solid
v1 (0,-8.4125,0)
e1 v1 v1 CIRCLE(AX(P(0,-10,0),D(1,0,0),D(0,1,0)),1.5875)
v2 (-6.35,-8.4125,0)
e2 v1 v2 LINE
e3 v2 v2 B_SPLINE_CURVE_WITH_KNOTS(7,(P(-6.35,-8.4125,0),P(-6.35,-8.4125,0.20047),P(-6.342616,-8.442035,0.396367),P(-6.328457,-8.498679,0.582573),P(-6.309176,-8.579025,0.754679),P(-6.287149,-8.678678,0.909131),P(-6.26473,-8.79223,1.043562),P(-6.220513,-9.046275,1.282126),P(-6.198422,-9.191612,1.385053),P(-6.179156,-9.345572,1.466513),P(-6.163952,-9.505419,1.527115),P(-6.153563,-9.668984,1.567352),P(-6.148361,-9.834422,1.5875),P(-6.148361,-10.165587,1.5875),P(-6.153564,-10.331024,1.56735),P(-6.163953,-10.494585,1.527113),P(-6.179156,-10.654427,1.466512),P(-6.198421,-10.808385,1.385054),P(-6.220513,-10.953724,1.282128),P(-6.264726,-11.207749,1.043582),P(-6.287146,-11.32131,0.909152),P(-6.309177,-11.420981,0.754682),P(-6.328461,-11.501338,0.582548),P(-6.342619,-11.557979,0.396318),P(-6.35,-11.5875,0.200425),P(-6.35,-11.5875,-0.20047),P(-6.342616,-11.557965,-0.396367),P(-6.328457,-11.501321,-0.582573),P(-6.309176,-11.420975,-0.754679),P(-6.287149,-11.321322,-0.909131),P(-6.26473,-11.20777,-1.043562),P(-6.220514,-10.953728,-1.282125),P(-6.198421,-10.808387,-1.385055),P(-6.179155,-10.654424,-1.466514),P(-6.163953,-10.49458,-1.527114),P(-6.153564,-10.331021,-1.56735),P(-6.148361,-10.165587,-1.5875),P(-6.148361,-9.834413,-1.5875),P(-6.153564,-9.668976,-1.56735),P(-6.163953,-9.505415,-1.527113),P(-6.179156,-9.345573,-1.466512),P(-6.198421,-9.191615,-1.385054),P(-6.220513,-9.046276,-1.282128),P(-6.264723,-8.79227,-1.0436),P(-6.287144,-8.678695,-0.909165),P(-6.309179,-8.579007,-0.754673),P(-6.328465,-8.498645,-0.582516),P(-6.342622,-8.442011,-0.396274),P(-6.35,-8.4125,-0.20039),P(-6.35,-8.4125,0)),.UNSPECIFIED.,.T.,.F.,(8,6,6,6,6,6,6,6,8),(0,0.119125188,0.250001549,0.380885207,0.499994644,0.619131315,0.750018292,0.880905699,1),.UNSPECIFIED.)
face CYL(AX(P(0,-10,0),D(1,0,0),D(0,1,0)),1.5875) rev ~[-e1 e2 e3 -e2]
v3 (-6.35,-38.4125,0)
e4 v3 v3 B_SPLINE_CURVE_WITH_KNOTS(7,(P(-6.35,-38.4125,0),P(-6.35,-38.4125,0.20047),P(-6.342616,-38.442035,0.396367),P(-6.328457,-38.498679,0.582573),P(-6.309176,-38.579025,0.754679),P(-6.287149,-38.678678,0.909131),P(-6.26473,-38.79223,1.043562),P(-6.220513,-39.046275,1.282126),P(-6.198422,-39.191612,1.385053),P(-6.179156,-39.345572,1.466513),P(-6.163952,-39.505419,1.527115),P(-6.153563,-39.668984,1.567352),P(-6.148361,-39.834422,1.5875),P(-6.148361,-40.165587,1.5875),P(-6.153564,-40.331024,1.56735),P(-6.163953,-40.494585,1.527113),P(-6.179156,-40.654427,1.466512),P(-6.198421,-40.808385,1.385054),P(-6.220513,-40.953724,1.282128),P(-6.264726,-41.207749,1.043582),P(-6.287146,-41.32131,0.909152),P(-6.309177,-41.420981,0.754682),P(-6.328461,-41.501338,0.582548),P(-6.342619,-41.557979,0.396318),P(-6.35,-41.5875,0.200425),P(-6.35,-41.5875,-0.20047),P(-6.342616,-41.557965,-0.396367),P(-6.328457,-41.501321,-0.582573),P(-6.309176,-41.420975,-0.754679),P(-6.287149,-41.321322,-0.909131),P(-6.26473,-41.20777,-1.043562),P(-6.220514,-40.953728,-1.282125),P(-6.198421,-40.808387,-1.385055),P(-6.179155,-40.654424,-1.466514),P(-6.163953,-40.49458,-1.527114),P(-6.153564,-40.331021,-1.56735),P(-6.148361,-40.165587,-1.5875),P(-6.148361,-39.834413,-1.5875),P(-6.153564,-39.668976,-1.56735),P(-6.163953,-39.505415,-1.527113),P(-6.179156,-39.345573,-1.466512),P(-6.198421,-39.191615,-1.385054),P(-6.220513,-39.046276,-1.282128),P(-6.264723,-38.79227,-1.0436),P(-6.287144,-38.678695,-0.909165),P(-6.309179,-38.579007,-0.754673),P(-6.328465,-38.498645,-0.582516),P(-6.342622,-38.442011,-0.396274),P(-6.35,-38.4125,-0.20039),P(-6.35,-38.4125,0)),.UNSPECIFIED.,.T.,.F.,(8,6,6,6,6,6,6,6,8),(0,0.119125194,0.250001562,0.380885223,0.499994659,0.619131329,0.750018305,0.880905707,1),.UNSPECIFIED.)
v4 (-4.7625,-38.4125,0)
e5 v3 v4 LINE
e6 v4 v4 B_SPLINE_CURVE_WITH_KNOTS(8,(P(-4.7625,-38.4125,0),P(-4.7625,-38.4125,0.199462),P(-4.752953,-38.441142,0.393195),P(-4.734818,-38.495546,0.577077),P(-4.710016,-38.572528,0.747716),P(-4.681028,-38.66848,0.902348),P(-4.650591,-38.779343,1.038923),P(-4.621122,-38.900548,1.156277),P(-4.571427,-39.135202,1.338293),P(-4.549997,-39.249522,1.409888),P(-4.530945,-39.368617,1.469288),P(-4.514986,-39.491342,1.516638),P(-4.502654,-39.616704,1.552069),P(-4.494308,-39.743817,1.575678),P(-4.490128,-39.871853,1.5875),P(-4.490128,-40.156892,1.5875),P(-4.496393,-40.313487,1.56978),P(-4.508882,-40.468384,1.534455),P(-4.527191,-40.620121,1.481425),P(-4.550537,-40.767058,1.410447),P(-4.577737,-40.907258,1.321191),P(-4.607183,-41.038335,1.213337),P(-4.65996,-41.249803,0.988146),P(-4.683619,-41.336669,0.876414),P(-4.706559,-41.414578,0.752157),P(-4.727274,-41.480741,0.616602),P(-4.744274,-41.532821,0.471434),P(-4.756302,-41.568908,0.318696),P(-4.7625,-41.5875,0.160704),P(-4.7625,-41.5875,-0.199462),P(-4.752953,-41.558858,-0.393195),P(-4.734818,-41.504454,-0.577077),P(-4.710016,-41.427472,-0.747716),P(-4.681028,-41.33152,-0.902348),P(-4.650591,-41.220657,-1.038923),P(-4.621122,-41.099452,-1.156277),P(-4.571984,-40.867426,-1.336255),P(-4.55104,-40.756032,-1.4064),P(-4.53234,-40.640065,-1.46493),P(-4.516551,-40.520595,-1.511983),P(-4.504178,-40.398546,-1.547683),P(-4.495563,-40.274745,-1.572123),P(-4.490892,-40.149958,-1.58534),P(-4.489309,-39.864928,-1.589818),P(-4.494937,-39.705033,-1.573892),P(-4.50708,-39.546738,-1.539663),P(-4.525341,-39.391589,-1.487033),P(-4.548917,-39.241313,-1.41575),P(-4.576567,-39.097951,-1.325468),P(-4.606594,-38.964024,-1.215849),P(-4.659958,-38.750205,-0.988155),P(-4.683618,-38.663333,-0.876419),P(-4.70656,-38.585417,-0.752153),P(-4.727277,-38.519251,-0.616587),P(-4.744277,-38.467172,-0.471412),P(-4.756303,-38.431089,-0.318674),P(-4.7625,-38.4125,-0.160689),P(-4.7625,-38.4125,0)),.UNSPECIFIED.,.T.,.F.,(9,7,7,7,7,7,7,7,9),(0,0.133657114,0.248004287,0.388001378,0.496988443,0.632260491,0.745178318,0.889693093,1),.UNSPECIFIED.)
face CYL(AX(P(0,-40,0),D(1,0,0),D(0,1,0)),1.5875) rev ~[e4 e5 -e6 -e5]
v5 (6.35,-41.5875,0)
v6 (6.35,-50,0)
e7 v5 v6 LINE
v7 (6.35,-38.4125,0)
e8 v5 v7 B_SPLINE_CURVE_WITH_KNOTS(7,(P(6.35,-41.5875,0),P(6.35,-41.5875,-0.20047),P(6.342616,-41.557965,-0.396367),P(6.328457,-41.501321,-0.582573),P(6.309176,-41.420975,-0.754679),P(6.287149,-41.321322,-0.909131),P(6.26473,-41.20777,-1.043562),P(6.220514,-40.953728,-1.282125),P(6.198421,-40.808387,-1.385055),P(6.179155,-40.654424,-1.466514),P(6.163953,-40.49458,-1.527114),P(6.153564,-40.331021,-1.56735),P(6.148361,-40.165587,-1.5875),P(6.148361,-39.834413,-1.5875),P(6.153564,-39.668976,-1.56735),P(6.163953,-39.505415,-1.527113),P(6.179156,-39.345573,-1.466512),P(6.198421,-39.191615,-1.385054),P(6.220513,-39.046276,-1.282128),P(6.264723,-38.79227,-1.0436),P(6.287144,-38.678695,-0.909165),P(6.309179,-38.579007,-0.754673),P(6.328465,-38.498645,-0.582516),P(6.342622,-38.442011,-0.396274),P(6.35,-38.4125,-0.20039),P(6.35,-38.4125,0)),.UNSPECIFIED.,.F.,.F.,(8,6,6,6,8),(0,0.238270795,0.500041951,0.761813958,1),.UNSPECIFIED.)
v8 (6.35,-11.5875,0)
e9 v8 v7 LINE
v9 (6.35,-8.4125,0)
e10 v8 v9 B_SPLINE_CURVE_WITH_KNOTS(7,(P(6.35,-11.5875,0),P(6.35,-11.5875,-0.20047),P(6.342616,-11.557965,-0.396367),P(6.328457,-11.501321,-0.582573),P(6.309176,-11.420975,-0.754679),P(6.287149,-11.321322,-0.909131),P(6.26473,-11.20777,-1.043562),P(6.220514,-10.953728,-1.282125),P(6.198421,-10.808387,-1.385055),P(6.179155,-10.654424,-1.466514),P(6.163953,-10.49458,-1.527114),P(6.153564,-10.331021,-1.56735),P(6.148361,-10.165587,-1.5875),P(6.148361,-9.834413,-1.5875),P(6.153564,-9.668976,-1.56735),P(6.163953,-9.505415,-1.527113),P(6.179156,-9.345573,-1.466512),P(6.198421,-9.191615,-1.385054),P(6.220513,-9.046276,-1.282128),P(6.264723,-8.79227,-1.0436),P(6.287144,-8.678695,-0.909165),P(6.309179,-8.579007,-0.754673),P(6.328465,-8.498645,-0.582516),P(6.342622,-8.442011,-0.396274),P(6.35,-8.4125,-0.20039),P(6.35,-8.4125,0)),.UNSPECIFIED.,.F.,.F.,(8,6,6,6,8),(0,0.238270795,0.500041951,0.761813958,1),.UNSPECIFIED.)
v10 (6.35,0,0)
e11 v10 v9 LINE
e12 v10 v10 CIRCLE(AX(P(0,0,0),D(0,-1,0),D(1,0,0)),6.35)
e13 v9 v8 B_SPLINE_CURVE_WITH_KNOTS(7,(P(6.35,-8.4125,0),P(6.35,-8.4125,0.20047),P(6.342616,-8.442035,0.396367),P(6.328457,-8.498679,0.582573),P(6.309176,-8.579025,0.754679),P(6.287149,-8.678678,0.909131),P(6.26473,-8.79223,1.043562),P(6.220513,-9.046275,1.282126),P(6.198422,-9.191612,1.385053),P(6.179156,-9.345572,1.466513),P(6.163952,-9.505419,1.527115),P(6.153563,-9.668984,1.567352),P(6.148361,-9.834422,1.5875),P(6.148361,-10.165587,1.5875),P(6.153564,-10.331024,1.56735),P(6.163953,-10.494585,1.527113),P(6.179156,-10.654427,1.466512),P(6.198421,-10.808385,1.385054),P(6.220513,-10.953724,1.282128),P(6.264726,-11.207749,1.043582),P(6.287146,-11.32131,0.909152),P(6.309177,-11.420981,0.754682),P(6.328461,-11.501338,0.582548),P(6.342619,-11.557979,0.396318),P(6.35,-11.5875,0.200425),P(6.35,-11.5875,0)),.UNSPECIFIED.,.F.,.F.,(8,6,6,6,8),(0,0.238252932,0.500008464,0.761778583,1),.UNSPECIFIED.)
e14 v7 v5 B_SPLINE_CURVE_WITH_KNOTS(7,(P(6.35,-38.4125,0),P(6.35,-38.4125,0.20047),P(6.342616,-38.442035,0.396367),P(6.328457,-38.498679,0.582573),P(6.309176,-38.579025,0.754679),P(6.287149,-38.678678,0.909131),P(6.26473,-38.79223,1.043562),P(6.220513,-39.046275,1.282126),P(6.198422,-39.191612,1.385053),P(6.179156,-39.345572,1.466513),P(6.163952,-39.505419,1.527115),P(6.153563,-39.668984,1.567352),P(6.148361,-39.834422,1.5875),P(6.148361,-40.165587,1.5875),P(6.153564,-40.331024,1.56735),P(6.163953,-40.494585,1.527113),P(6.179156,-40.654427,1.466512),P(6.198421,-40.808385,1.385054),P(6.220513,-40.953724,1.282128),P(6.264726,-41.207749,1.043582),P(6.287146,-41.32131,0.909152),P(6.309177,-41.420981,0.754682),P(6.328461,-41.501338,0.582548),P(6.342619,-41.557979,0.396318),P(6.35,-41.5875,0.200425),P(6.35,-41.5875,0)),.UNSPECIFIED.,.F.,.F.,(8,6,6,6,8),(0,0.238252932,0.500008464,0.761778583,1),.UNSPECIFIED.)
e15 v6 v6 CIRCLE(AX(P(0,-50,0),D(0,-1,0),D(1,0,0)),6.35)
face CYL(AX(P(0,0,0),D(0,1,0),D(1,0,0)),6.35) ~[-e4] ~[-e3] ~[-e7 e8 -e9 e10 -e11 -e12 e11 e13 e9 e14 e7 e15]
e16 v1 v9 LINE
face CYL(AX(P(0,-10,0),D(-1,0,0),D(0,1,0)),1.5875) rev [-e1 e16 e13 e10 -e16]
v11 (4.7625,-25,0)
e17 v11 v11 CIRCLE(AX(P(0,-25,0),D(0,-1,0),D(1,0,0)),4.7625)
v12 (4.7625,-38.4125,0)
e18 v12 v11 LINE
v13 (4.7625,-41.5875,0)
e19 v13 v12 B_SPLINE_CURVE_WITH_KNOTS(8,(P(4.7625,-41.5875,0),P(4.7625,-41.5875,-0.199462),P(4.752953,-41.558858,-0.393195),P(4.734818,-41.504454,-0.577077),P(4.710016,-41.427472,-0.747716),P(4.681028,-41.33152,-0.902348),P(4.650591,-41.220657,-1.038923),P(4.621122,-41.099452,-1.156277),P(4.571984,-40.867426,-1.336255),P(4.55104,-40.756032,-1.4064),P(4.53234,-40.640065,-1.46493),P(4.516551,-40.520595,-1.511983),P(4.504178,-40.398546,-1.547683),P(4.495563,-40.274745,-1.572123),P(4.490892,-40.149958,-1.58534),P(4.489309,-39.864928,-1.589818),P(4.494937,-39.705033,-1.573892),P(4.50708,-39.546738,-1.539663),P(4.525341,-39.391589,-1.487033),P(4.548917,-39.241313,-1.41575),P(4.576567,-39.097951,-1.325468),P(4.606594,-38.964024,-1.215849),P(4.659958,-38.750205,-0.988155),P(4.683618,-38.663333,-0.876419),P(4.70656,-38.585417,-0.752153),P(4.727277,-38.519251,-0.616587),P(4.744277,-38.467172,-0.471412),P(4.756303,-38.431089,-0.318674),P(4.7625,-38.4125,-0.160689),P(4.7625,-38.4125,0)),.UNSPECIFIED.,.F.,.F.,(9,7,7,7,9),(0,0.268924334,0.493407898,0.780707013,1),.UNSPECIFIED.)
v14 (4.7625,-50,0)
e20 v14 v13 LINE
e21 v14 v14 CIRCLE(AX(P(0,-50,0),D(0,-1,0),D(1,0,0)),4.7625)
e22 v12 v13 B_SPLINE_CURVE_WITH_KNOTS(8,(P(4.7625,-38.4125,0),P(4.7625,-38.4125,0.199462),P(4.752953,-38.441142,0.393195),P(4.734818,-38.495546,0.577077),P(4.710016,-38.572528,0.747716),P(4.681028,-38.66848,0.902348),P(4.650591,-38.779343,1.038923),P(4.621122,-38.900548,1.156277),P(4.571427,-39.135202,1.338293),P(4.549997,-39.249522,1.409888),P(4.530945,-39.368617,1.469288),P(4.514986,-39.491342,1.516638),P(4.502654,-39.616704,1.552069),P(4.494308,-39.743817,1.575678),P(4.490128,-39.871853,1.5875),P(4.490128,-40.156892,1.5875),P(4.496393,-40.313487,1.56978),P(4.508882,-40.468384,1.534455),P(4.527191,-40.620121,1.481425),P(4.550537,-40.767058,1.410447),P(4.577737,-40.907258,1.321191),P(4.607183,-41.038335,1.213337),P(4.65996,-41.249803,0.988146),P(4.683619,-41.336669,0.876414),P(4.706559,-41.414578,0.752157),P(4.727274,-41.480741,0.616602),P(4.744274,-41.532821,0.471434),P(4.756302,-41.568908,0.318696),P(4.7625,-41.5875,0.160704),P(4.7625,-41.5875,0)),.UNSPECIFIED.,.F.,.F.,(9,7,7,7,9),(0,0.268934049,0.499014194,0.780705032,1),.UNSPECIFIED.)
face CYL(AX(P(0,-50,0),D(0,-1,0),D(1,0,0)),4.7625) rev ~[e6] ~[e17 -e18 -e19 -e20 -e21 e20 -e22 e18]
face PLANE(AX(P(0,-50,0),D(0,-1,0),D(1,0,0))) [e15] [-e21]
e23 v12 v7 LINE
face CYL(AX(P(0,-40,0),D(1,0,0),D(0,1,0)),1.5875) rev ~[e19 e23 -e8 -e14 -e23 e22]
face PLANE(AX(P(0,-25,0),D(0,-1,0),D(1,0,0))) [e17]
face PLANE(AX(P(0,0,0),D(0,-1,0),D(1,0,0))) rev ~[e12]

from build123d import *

# Parameters (mm, degrees)
F0_R     = 6.35
F1_DEPTH = 50
F2_R     = 1.5875
F3_DEPTH = 12.5
F4_R     = 4.7625
F5_DEPTH = 25


with BuildPart() as f1:
    # F0 (on Front) → F1 (new body)
    with BuildSketch(Plane.XZ):
        Circle(F0_R)
    extrude(amount=F1_DEPTH)

    # F2 (on Right) → F3 (cut, symmetric)
    with BuildSketch(Plane.YZ):
        with Locations((-10, 0)):
            Circle(F2_R)
        with Locations((-40, 0)):
            Circle(F2_R)
    extrude(amount=F3_DEPTH, both=True, mode=Mode.SUBTRACT)

    # F4 (on face) → F5 (cut)
    with BuildSketch(Plane.XZ.offset(50)):
        Circle(F4_R)
    extrude(amount=-F5_DEPTH, mode=Mode.SUBTRACT)


solid = f1.part
